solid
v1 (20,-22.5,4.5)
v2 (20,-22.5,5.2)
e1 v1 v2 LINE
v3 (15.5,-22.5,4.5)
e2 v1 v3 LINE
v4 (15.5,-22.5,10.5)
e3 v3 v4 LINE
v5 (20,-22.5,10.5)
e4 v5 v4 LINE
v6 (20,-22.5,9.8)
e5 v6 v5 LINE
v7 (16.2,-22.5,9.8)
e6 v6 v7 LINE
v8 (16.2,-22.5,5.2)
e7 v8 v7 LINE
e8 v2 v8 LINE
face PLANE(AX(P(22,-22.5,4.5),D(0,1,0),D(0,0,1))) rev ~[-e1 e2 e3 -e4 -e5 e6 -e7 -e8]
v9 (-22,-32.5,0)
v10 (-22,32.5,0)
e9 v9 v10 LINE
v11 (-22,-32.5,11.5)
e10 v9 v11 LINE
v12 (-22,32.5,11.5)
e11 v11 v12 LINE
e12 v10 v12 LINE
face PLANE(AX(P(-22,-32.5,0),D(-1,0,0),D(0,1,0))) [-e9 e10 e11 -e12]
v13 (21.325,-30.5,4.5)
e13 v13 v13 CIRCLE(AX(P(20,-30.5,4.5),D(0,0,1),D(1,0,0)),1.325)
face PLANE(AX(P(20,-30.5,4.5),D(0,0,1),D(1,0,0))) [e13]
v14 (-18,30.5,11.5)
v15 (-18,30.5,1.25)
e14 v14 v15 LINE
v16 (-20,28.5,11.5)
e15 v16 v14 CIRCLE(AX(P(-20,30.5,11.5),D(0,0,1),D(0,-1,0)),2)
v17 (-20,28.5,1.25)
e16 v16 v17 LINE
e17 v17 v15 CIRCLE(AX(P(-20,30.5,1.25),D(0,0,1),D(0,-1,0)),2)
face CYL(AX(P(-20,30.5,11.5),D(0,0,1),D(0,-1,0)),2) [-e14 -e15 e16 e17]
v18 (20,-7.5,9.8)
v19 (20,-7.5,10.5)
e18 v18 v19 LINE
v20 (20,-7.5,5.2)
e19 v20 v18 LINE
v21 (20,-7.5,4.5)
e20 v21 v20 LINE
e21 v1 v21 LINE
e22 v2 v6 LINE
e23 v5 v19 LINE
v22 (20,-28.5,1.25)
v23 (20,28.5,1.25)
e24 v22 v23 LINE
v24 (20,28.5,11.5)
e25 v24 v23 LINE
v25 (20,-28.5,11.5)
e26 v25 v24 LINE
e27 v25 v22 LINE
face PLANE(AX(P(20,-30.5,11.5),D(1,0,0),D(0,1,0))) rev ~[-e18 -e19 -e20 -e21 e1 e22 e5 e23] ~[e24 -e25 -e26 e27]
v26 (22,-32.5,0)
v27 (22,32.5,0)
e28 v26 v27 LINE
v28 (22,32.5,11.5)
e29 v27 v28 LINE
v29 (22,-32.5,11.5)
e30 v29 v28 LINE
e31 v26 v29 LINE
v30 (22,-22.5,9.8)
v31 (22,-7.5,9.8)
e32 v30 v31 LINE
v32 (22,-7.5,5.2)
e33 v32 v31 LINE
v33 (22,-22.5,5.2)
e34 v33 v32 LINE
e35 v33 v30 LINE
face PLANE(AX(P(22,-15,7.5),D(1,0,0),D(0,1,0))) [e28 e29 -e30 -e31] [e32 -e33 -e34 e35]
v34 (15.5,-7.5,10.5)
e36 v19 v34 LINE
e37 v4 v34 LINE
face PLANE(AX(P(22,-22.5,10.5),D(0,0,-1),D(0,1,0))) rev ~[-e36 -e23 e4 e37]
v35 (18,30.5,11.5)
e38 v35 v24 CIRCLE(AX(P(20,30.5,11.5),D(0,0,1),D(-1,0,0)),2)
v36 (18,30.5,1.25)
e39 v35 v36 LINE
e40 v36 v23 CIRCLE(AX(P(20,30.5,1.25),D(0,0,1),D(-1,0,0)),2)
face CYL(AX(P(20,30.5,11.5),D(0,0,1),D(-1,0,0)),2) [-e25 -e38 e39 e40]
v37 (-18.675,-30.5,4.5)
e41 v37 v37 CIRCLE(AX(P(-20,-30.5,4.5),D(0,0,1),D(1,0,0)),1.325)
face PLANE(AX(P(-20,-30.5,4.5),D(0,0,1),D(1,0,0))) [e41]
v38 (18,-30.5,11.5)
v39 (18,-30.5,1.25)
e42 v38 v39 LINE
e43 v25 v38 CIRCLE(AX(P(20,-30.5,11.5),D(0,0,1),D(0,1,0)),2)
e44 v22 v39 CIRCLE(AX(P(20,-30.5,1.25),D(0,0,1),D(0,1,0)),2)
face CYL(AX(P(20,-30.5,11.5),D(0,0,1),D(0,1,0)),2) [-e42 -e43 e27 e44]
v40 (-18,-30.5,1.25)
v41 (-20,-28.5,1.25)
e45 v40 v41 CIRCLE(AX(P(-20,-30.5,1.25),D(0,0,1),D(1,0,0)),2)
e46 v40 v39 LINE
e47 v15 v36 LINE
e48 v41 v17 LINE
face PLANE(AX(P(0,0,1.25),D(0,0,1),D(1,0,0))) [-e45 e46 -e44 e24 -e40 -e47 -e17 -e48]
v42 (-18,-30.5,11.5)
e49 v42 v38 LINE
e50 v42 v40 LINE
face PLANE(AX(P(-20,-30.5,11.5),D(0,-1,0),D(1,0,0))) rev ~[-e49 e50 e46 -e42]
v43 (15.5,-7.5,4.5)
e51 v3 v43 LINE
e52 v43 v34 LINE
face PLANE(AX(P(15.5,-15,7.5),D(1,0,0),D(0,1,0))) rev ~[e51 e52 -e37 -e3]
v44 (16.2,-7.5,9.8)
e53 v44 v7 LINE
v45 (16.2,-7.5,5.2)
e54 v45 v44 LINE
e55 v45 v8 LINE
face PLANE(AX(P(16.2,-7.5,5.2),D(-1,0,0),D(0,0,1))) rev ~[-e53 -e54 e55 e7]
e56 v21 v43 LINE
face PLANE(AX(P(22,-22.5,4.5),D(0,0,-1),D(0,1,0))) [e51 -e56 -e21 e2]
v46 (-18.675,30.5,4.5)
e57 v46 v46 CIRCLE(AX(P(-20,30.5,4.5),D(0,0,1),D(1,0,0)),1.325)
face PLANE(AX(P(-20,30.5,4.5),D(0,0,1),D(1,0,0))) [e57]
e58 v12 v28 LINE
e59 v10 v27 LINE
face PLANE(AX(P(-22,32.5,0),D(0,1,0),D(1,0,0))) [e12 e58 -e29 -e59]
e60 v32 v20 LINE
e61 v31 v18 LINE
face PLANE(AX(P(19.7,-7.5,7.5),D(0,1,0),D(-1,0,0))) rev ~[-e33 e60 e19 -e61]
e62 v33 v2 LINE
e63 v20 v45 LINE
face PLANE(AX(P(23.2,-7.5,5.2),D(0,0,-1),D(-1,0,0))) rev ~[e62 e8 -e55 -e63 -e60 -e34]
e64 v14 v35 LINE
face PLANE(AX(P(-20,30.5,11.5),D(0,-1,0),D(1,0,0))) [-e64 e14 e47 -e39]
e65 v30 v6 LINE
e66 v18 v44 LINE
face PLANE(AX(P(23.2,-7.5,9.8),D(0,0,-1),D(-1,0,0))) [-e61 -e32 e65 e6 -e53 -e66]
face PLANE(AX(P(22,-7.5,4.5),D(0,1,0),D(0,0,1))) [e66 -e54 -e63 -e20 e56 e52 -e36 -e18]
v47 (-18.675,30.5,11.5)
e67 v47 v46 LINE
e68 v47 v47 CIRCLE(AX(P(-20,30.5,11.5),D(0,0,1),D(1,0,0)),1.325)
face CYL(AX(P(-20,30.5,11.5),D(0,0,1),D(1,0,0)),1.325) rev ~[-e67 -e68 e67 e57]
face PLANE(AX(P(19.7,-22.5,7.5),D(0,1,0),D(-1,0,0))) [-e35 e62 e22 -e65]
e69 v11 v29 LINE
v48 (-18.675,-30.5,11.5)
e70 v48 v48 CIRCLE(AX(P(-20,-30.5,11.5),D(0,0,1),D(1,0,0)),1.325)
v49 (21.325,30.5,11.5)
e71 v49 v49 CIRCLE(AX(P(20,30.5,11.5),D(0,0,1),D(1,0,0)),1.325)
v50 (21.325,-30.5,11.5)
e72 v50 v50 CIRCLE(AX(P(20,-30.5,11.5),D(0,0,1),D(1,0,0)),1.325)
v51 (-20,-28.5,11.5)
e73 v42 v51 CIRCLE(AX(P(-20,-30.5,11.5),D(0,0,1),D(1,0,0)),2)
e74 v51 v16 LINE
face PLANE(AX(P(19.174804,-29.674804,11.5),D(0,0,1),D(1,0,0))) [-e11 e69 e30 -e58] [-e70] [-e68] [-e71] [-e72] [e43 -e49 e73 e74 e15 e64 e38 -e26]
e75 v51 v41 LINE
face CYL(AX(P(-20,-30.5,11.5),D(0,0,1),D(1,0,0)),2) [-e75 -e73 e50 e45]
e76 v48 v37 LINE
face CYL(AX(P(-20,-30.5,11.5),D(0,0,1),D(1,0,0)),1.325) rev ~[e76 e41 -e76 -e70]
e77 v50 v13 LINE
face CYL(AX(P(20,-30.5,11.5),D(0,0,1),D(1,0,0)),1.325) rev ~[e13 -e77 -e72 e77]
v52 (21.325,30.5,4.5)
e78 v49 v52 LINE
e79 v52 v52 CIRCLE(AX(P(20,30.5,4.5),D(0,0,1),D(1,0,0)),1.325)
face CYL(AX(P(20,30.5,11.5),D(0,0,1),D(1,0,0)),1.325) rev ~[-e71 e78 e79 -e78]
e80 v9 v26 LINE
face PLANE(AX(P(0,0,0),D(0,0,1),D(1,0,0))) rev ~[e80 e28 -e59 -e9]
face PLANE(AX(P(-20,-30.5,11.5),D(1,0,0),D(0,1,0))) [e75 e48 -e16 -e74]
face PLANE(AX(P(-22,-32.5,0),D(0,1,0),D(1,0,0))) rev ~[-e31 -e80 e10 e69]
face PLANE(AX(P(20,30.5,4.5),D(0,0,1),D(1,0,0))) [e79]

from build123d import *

# Parameters (mm, degrees)
F0_W      = 44
F0_H      = 65
F1_DEPTH  = 11.5
F2_W      = 40
F2_H      = 61
F3_DEPTH  = 10.25
F5_DEPTH  = 11
F6_R      = 1.325
F7_DEPTH  = 7
F10_W     = 15
F10_H     = 6
F11_DEPTH = 6.5
F12_W     = 7
F12_H     = 4.6
F13_DEPTH = 15


with BuildPart() as f1:
    # F0 (on Top) → F1 (new body)
    with BuildSketch(Plane.XY):
        Rectangle(F0_W, F0_H)
    extrude(amount=F1_DEPTH)

    # F2 (on face) → F3 (cut)
    with BuildSketch(Plane.XY.offset(11.5)):
        Rectangle(F2_W, F2_H)
    extrude(amount=-F3_DEPTH, mode=Mode.SUBTRACT)

    # F4 (on face) → F5 (join)
    with BuildSketch(Plane.XY.offset(11.5)):
        with BuildLine():
            Line((20, -30.5), (20, -28.5))
            ThreePointArc((20, -28.5), (18.5857864376, -29.0857864376), (18, -30.5))
            Line((18, -30.5), (20, -30.5))
        make_face()
        with BuildLine():
            ThreePointArc((-18, -30.5), (-18.5857864376, -29.0857864376), (-20, -28.5))
            Line((-20, -28.5), (-20, -30.5))
            Line((-20, -30.5), (-18, -30.5))
        make_face()
        with BuildLine():
            Line((20, 30.5), (18, 30.5))
            ThreePointArc((18, 30.5), (18.5857864376, 29.0857864376), (20, 28.5))
            Line((20, 28.5), (20, 30.5))
        make_face()
        with BuildLine():
            ThreePointArc((-20, 28.5), (-18.5857864376, 29.0857864376), (-18, 30.5))
            Line((-18, 30.5), (-20, 30.5))
            Line((-20, 30.5), (-20, 28.5))
        make_face()
    extrude(amount=-F5_DEPTH)

    # F6 (on face) → F7 (cut)
    with BuildSketch(Plane.XY.offset(11.5)):
        with Locations((-20, -30.5)):
            Circle(F6_R)
        with Locations((-20, 30.5)):
            Circle(F6_R)
        with Locations((20, 30.5)):
            Circle(F6_R)
        with Locations((20, -30.5)):
            Circle(F6_R)
    extrude(amount=-F7_DEPTH, mode=Mode.SUBTRACT)

    # F10 (on face) → F11 (join)
    with BuildSketch(Plane.YZ.offset(22)):
        with Locations((-15, 7.5)):
            Rectangle(F10_W, F10_H)
    extrude(amount=-F11_DEPTH)

    # F12 (on face) → F13 (cut)
    with BuildSketch(Plane(origin=(0, -7.5, 0), x_dir=(-1, 0, 0), z_dir=(0, 1, 0))):
        with Locations((-19.7, 7.5)):
            Rectangle(F12_W, F12_H)
    extrude(amount=-F13_DEPTH, mode=Mode.SUBTRACT)


solid = f1.part
